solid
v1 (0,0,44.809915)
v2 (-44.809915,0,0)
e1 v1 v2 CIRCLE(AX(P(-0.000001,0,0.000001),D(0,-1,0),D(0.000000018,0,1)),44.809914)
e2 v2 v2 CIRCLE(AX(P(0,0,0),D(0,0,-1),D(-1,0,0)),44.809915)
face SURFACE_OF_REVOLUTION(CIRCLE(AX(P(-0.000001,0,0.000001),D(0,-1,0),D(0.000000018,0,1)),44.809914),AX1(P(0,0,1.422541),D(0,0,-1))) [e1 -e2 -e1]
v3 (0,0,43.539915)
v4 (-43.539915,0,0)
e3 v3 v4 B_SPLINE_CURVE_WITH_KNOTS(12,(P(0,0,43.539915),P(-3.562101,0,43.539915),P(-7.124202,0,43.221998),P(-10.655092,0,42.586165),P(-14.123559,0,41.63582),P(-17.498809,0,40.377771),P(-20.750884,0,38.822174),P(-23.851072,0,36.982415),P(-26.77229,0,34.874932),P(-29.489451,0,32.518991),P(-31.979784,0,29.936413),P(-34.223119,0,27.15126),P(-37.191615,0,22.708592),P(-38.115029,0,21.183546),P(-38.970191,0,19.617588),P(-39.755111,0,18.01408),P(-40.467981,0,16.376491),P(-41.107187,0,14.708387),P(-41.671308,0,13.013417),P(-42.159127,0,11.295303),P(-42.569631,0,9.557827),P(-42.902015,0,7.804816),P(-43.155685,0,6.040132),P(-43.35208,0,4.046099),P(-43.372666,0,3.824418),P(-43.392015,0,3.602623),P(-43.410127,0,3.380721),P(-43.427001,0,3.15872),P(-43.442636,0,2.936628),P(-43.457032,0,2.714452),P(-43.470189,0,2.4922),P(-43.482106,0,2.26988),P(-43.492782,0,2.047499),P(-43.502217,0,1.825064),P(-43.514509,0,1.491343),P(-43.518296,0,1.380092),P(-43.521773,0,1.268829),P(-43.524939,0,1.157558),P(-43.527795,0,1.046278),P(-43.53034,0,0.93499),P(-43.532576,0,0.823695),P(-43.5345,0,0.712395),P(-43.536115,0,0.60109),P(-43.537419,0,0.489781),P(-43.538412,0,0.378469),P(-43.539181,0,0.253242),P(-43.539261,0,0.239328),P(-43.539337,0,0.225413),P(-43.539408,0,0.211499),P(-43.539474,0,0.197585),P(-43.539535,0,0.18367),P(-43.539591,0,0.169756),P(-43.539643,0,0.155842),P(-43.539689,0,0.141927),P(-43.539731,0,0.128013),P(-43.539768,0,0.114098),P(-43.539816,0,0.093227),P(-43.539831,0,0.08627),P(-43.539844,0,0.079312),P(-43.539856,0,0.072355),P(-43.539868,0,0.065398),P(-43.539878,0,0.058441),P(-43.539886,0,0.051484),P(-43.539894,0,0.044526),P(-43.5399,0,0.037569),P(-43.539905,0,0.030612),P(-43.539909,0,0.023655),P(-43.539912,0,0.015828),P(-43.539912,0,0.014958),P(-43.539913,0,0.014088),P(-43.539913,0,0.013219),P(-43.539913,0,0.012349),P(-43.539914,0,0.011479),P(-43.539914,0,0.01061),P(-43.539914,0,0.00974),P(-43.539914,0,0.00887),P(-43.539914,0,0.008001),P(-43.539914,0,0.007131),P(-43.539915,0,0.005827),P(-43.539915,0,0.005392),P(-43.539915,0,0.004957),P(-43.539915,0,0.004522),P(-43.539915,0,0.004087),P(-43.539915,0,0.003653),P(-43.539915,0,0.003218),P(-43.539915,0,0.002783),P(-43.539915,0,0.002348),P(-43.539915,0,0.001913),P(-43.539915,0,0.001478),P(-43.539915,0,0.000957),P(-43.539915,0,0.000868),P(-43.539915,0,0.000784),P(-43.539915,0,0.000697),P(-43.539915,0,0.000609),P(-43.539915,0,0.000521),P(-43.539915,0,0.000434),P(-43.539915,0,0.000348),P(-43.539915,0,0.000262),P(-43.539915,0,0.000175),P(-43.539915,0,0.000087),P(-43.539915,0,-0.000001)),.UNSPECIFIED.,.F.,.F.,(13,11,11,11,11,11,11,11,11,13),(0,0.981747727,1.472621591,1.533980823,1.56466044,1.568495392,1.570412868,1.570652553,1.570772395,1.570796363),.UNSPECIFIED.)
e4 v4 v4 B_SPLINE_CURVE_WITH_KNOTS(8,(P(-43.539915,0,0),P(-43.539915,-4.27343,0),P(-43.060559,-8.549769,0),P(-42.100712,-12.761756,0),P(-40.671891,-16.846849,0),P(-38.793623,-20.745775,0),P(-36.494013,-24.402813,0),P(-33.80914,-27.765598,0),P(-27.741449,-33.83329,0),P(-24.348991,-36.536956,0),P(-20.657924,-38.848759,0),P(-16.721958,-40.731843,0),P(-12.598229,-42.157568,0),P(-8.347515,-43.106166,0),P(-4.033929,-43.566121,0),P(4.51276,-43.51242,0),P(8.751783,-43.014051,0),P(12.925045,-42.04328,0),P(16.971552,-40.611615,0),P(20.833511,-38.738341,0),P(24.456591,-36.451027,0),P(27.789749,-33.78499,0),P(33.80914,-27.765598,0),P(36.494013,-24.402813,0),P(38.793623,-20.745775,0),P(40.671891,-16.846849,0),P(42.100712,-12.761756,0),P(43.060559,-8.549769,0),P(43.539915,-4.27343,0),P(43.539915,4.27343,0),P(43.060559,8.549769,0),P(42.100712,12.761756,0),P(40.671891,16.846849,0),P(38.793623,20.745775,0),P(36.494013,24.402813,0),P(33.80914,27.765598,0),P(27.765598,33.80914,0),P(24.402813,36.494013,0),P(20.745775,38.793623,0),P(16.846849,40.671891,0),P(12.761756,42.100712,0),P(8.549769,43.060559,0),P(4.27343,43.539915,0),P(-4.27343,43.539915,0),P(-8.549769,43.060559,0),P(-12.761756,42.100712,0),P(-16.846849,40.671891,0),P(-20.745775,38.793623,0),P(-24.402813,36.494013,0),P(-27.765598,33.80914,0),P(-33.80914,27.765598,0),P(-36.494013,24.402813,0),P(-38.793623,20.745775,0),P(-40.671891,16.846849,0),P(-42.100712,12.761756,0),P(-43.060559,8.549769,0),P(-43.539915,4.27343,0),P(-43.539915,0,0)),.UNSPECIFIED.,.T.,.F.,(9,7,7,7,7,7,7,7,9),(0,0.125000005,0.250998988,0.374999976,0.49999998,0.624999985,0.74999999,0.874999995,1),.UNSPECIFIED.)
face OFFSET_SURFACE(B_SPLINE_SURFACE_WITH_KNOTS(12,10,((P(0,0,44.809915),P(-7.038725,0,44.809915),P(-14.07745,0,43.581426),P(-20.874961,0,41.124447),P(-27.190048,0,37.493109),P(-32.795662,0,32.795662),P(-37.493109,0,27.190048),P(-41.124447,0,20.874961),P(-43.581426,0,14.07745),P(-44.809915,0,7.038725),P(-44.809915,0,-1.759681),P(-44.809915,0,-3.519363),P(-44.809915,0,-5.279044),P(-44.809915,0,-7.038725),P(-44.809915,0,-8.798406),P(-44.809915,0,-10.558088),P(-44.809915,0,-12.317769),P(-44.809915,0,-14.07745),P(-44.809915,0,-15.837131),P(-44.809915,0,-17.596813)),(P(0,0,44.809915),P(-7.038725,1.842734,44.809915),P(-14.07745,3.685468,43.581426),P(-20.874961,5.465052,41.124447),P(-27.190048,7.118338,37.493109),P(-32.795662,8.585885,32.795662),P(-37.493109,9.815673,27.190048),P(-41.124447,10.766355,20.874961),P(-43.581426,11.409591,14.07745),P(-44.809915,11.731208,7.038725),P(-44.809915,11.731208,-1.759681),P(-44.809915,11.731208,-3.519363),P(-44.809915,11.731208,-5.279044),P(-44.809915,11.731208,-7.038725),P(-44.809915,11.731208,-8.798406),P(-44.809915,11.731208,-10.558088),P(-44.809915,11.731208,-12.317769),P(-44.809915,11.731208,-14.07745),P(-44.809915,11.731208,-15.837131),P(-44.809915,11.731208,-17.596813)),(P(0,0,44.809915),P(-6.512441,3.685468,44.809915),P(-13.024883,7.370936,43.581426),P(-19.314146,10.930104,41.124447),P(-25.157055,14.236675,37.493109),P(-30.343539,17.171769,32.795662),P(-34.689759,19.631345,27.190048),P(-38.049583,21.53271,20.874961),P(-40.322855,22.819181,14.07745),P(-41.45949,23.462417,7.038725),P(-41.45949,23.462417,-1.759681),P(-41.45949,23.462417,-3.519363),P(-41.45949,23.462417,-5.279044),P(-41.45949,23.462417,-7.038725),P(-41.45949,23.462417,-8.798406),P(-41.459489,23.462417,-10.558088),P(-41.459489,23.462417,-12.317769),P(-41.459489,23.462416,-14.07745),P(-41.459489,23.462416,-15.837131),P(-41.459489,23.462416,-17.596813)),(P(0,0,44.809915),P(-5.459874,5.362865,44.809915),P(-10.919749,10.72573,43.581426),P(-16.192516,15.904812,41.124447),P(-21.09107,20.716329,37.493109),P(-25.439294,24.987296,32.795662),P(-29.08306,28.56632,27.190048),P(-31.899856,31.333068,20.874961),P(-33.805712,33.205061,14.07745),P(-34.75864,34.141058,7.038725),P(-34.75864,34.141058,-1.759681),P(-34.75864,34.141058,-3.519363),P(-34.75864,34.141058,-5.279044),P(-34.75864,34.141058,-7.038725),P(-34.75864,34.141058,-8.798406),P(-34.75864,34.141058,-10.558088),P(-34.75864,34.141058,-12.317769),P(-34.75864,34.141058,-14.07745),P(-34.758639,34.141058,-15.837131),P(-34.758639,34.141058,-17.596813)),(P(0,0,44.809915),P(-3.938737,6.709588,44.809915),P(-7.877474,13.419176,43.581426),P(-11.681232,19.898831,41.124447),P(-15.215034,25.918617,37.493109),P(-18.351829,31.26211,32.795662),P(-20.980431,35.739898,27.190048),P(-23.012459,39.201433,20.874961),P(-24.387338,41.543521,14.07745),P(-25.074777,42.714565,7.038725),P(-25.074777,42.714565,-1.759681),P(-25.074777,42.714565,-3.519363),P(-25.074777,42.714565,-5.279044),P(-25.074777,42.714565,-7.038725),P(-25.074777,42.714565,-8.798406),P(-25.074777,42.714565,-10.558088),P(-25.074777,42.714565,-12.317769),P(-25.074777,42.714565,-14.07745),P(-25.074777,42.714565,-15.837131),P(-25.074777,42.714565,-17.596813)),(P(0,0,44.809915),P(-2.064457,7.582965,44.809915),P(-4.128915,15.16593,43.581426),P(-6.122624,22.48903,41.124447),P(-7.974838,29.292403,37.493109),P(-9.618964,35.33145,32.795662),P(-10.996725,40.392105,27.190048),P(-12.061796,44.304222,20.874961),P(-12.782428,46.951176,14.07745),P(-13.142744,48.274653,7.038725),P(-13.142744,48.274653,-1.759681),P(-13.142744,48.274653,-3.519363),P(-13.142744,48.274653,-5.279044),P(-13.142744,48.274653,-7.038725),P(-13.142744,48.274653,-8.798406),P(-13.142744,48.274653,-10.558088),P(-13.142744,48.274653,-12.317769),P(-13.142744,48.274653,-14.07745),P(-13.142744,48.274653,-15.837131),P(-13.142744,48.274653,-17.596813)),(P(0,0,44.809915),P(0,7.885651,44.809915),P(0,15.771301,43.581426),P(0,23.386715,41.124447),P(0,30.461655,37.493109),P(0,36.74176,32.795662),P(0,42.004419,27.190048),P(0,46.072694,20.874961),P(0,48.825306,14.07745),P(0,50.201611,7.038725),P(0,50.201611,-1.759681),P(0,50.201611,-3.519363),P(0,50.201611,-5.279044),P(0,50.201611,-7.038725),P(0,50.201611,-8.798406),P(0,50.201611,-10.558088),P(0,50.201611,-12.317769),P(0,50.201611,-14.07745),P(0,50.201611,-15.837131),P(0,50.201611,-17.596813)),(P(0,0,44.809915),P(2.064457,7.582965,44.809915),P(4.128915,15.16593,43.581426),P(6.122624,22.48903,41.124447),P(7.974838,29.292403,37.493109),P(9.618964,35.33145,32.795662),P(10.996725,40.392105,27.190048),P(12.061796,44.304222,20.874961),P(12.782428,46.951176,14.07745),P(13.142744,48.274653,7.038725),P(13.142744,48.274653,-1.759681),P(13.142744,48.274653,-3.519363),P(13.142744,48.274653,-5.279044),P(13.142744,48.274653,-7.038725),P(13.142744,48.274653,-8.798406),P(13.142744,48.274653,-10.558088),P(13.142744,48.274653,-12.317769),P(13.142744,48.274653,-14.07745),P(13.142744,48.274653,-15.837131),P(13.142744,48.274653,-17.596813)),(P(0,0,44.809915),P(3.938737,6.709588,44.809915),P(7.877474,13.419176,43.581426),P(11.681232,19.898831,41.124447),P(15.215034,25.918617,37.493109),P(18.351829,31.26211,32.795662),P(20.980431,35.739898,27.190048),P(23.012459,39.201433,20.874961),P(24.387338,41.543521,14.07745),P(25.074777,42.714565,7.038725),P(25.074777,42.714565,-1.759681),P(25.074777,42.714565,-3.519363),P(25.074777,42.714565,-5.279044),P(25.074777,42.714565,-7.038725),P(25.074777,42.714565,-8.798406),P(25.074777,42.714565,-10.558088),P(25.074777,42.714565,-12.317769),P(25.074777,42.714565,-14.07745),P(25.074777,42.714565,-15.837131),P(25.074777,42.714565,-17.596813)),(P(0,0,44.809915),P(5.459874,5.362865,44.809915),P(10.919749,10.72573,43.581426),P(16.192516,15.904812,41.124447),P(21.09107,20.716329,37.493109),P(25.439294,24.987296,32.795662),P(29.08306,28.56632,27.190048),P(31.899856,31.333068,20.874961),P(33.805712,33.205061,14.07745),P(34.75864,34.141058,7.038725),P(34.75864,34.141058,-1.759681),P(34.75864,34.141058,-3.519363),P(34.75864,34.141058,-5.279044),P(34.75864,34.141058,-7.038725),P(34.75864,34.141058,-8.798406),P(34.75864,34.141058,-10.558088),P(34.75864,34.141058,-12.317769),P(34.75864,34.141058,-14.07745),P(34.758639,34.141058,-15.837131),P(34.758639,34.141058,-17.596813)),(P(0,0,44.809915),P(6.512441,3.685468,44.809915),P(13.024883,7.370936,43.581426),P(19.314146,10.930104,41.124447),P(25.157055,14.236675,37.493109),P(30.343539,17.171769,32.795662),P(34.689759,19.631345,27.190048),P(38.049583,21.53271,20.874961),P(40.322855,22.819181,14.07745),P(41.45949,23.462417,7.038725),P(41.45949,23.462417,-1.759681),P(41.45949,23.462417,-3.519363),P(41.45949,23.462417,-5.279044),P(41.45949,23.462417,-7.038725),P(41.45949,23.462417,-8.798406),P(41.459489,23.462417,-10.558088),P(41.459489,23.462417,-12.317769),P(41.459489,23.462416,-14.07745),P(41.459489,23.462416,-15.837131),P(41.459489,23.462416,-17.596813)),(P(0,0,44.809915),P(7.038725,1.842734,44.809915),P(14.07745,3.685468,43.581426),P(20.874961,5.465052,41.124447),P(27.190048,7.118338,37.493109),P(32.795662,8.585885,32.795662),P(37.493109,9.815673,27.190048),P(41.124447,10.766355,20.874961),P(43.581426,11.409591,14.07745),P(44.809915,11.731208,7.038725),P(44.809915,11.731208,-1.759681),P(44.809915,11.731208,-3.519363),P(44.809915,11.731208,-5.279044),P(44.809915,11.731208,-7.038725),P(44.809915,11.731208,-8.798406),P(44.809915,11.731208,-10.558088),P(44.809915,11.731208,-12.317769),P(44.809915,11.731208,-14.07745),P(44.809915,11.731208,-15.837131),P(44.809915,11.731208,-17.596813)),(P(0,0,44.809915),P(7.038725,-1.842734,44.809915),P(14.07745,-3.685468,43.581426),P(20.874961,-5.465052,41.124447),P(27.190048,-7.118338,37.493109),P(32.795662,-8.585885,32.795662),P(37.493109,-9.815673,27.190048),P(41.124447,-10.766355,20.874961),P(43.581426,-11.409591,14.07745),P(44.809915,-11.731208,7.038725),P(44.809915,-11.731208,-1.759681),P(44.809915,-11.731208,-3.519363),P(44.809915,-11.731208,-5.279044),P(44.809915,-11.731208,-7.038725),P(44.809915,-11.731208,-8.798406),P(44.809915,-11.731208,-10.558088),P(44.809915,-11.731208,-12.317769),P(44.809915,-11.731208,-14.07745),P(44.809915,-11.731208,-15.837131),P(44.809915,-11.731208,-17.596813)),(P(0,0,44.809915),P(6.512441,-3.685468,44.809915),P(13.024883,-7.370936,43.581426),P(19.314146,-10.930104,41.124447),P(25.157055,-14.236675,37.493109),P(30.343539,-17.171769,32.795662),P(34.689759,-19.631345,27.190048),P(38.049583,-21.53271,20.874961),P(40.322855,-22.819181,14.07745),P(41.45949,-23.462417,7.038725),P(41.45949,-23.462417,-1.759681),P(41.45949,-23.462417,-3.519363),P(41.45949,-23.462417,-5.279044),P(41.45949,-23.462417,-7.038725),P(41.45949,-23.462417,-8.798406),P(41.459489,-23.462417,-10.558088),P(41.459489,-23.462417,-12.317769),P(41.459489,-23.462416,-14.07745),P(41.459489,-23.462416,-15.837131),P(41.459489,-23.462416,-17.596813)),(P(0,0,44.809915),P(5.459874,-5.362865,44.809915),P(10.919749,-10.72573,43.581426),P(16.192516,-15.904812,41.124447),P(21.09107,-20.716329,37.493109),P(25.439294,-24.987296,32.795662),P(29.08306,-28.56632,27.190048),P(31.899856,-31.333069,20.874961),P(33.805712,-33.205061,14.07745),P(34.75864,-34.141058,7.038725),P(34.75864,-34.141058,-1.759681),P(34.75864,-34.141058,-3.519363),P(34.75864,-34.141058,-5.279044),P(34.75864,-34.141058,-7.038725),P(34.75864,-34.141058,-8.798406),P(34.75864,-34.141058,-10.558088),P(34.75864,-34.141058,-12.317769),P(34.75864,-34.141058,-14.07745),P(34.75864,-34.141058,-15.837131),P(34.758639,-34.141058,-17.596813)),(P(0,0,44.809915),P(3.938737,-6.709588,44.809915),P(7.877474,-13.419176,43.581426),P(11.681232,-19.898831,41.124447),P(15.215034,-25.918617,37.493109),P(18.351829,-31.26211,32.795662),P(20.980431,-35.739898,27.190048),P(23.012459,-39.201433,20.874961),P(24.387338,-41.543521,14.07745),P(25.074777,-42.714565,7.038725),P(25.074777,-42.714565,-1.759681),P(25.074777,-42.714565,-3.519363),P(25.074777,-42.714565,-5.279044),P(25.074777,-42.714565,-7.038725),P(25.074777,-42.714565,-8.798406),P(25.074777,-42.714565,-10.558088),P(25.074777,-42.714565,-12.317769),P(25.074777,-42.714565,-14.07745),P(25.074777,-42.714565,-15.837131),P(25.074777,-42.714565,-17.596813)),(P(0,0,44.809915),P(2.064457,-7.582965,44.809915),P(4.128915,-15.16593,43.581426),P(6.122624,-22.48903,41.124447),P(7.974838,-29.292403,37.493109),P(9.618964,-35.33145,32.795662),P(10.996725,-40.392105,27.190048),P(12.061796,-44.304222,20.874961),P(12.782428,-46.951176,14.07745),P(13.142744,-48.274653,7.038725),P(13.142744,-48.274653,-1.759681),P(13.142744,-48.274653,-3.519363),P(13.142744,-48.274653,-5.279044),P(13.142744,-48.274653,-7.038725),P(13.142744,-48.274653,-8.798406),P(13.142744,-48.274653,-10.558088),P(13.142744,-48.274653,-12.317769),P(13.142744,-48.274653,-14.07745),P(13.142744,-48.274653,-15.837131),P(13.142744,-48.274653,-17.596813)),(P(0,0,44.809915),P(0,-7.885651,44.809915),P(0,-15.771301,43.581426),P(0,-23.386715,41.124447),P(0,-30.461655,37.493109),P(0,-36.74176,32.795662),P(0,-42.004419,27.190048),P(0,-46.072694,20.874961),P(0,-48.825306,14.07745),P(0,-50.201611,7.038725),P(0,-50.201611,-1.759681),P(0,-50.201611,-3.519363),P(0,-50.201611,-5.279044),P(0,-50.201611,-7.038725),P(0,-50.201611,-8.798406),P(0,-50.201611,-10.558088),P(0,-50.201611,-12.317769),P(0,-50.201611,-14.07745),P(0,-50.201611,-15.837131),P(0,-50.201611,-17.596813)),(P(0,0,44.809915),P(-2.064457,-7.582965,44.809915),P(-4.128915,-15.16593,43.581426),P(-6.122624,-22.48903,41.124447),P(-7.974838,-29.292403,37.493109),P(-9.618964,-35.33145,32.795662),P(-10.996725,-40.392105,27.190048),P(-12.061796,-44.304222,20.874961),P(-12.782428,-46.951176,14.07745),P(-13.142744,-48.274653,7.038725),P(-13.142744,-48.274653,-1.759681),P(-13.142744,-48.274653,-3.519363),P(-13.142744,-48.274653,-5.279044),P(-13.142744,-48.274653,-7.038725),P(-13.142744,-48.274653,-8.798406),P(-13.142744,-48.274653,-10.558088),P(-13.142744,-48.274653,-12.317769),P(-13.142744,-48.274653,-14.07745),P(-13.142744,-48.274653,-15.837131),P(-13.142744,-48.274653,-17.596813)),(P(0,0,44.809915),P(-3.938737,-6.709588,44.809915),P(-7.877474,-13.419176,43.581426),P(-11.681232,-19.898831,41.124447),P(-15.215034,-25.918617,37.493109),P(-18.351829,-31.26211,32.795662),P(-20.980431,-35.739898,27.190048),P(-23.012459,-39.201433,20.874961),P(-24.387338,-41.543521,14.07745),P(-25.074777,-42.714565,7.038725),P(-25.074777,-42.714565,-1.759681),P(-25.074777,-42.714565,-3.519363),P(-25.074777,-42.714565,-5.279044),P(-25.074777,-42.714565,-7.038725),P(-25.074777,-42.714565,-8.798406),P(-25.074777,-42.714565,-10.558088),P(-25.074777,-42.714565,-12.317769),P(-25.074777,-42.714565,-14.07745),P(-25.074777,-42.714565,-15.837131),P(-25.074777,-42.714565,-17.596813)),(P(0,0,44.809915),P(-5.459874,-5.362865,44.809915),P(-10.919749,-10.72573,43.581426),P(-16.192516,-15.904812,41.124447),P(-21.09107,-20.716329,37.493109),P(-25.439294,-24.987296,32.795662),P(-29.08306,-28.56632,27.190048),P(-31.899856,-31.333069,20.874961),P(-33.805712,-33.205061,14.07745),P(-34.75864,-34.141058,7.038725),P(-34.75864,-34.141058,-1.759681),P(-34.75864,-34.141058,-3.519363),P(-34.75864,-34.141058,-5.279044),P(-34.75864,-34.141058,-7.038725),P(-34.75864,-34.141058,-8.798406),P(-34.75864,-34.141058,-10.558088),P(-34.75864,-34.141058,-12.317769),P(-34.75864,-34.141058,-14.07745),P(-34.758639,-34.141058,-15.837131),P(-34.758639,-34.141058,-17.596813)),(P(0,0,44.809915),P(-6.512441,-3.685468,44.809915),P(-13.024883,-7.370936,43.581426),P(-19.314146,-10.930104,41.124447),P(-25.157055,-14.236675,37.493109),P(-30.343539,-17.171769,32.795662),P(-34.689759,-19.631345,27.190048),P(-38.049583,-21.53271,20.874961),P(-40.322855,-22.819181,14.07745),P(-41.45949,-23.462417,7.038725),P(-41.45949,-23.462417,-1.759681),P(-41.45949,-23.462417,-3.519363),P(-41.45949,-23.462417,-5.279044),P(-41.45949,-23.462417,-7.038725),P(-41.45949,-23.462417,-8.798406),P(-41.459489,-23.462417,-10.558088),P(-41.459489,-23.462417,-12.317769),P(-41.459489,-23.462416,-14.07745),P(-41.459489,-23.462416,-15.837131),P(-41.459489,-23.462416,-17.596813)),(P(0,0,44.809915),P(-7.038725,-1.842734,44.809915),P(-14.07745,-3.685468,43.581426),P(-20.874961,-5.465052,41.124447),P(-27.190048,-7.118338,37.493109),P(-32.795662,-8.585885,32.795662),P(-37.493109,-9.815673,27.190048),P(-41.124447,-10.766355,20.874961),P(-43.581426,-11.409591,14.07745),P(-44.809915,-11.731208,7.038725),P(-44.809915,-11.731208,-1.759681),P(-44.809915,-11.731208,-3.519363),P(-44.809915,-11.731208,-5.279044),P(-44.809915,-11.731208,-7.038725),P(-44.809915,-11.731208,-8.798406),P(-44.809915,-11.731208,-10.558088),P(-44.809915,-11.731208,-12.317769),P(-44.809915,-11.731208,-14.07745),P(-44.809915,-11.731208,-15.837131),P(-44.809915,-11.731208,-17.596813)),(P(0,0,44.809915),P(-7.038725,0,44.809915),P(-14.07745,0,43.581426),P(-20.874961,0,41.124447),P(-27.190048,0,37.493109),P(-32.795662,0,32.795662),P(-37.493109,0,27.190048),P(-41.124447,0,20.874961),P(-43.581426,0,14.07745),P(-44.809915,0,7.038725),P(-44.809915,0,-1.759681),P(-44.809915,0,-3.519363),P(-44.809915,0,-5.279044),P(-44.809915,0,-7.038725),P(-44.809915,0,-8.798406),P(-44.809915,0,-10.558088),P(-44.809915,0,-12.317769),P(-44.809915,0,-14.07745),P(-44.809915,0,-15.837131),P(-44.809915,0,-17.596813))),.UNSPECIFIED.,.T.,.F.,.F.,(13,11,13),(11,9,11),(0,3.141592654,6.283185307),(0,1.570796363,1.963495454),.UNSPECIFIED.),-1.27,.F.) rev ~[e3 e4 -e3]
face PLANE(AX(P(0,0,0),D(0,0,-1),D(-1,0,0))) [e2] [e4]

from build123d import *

# Parameters (mm, degrees)
F2_T = -1.27


with BuildPart() as f1:
    # F0 (on Front) → F1 (revolve)
    with BuildSketch(Plane.XZ):
        with BuildLine():
            ThreePointArc((0, 44.809915), (-31.685395, 31.685395), (-44.809915, 0))
            Line((-44.809915, 0), (0, 0))
            Line((0, 0), (0, 44.809915))
        make_face()
    revolve(axis=Axis((0, 0, 1.422541), (0, 0, -1)))

    # F2
    f2_openings = [f1.faces().sort_by_distance(p)[0] for p in [
        (0, 0, 0),
    ]]
    offset(amount=F2_T, openings=f2_openings)


solid = f1.part
